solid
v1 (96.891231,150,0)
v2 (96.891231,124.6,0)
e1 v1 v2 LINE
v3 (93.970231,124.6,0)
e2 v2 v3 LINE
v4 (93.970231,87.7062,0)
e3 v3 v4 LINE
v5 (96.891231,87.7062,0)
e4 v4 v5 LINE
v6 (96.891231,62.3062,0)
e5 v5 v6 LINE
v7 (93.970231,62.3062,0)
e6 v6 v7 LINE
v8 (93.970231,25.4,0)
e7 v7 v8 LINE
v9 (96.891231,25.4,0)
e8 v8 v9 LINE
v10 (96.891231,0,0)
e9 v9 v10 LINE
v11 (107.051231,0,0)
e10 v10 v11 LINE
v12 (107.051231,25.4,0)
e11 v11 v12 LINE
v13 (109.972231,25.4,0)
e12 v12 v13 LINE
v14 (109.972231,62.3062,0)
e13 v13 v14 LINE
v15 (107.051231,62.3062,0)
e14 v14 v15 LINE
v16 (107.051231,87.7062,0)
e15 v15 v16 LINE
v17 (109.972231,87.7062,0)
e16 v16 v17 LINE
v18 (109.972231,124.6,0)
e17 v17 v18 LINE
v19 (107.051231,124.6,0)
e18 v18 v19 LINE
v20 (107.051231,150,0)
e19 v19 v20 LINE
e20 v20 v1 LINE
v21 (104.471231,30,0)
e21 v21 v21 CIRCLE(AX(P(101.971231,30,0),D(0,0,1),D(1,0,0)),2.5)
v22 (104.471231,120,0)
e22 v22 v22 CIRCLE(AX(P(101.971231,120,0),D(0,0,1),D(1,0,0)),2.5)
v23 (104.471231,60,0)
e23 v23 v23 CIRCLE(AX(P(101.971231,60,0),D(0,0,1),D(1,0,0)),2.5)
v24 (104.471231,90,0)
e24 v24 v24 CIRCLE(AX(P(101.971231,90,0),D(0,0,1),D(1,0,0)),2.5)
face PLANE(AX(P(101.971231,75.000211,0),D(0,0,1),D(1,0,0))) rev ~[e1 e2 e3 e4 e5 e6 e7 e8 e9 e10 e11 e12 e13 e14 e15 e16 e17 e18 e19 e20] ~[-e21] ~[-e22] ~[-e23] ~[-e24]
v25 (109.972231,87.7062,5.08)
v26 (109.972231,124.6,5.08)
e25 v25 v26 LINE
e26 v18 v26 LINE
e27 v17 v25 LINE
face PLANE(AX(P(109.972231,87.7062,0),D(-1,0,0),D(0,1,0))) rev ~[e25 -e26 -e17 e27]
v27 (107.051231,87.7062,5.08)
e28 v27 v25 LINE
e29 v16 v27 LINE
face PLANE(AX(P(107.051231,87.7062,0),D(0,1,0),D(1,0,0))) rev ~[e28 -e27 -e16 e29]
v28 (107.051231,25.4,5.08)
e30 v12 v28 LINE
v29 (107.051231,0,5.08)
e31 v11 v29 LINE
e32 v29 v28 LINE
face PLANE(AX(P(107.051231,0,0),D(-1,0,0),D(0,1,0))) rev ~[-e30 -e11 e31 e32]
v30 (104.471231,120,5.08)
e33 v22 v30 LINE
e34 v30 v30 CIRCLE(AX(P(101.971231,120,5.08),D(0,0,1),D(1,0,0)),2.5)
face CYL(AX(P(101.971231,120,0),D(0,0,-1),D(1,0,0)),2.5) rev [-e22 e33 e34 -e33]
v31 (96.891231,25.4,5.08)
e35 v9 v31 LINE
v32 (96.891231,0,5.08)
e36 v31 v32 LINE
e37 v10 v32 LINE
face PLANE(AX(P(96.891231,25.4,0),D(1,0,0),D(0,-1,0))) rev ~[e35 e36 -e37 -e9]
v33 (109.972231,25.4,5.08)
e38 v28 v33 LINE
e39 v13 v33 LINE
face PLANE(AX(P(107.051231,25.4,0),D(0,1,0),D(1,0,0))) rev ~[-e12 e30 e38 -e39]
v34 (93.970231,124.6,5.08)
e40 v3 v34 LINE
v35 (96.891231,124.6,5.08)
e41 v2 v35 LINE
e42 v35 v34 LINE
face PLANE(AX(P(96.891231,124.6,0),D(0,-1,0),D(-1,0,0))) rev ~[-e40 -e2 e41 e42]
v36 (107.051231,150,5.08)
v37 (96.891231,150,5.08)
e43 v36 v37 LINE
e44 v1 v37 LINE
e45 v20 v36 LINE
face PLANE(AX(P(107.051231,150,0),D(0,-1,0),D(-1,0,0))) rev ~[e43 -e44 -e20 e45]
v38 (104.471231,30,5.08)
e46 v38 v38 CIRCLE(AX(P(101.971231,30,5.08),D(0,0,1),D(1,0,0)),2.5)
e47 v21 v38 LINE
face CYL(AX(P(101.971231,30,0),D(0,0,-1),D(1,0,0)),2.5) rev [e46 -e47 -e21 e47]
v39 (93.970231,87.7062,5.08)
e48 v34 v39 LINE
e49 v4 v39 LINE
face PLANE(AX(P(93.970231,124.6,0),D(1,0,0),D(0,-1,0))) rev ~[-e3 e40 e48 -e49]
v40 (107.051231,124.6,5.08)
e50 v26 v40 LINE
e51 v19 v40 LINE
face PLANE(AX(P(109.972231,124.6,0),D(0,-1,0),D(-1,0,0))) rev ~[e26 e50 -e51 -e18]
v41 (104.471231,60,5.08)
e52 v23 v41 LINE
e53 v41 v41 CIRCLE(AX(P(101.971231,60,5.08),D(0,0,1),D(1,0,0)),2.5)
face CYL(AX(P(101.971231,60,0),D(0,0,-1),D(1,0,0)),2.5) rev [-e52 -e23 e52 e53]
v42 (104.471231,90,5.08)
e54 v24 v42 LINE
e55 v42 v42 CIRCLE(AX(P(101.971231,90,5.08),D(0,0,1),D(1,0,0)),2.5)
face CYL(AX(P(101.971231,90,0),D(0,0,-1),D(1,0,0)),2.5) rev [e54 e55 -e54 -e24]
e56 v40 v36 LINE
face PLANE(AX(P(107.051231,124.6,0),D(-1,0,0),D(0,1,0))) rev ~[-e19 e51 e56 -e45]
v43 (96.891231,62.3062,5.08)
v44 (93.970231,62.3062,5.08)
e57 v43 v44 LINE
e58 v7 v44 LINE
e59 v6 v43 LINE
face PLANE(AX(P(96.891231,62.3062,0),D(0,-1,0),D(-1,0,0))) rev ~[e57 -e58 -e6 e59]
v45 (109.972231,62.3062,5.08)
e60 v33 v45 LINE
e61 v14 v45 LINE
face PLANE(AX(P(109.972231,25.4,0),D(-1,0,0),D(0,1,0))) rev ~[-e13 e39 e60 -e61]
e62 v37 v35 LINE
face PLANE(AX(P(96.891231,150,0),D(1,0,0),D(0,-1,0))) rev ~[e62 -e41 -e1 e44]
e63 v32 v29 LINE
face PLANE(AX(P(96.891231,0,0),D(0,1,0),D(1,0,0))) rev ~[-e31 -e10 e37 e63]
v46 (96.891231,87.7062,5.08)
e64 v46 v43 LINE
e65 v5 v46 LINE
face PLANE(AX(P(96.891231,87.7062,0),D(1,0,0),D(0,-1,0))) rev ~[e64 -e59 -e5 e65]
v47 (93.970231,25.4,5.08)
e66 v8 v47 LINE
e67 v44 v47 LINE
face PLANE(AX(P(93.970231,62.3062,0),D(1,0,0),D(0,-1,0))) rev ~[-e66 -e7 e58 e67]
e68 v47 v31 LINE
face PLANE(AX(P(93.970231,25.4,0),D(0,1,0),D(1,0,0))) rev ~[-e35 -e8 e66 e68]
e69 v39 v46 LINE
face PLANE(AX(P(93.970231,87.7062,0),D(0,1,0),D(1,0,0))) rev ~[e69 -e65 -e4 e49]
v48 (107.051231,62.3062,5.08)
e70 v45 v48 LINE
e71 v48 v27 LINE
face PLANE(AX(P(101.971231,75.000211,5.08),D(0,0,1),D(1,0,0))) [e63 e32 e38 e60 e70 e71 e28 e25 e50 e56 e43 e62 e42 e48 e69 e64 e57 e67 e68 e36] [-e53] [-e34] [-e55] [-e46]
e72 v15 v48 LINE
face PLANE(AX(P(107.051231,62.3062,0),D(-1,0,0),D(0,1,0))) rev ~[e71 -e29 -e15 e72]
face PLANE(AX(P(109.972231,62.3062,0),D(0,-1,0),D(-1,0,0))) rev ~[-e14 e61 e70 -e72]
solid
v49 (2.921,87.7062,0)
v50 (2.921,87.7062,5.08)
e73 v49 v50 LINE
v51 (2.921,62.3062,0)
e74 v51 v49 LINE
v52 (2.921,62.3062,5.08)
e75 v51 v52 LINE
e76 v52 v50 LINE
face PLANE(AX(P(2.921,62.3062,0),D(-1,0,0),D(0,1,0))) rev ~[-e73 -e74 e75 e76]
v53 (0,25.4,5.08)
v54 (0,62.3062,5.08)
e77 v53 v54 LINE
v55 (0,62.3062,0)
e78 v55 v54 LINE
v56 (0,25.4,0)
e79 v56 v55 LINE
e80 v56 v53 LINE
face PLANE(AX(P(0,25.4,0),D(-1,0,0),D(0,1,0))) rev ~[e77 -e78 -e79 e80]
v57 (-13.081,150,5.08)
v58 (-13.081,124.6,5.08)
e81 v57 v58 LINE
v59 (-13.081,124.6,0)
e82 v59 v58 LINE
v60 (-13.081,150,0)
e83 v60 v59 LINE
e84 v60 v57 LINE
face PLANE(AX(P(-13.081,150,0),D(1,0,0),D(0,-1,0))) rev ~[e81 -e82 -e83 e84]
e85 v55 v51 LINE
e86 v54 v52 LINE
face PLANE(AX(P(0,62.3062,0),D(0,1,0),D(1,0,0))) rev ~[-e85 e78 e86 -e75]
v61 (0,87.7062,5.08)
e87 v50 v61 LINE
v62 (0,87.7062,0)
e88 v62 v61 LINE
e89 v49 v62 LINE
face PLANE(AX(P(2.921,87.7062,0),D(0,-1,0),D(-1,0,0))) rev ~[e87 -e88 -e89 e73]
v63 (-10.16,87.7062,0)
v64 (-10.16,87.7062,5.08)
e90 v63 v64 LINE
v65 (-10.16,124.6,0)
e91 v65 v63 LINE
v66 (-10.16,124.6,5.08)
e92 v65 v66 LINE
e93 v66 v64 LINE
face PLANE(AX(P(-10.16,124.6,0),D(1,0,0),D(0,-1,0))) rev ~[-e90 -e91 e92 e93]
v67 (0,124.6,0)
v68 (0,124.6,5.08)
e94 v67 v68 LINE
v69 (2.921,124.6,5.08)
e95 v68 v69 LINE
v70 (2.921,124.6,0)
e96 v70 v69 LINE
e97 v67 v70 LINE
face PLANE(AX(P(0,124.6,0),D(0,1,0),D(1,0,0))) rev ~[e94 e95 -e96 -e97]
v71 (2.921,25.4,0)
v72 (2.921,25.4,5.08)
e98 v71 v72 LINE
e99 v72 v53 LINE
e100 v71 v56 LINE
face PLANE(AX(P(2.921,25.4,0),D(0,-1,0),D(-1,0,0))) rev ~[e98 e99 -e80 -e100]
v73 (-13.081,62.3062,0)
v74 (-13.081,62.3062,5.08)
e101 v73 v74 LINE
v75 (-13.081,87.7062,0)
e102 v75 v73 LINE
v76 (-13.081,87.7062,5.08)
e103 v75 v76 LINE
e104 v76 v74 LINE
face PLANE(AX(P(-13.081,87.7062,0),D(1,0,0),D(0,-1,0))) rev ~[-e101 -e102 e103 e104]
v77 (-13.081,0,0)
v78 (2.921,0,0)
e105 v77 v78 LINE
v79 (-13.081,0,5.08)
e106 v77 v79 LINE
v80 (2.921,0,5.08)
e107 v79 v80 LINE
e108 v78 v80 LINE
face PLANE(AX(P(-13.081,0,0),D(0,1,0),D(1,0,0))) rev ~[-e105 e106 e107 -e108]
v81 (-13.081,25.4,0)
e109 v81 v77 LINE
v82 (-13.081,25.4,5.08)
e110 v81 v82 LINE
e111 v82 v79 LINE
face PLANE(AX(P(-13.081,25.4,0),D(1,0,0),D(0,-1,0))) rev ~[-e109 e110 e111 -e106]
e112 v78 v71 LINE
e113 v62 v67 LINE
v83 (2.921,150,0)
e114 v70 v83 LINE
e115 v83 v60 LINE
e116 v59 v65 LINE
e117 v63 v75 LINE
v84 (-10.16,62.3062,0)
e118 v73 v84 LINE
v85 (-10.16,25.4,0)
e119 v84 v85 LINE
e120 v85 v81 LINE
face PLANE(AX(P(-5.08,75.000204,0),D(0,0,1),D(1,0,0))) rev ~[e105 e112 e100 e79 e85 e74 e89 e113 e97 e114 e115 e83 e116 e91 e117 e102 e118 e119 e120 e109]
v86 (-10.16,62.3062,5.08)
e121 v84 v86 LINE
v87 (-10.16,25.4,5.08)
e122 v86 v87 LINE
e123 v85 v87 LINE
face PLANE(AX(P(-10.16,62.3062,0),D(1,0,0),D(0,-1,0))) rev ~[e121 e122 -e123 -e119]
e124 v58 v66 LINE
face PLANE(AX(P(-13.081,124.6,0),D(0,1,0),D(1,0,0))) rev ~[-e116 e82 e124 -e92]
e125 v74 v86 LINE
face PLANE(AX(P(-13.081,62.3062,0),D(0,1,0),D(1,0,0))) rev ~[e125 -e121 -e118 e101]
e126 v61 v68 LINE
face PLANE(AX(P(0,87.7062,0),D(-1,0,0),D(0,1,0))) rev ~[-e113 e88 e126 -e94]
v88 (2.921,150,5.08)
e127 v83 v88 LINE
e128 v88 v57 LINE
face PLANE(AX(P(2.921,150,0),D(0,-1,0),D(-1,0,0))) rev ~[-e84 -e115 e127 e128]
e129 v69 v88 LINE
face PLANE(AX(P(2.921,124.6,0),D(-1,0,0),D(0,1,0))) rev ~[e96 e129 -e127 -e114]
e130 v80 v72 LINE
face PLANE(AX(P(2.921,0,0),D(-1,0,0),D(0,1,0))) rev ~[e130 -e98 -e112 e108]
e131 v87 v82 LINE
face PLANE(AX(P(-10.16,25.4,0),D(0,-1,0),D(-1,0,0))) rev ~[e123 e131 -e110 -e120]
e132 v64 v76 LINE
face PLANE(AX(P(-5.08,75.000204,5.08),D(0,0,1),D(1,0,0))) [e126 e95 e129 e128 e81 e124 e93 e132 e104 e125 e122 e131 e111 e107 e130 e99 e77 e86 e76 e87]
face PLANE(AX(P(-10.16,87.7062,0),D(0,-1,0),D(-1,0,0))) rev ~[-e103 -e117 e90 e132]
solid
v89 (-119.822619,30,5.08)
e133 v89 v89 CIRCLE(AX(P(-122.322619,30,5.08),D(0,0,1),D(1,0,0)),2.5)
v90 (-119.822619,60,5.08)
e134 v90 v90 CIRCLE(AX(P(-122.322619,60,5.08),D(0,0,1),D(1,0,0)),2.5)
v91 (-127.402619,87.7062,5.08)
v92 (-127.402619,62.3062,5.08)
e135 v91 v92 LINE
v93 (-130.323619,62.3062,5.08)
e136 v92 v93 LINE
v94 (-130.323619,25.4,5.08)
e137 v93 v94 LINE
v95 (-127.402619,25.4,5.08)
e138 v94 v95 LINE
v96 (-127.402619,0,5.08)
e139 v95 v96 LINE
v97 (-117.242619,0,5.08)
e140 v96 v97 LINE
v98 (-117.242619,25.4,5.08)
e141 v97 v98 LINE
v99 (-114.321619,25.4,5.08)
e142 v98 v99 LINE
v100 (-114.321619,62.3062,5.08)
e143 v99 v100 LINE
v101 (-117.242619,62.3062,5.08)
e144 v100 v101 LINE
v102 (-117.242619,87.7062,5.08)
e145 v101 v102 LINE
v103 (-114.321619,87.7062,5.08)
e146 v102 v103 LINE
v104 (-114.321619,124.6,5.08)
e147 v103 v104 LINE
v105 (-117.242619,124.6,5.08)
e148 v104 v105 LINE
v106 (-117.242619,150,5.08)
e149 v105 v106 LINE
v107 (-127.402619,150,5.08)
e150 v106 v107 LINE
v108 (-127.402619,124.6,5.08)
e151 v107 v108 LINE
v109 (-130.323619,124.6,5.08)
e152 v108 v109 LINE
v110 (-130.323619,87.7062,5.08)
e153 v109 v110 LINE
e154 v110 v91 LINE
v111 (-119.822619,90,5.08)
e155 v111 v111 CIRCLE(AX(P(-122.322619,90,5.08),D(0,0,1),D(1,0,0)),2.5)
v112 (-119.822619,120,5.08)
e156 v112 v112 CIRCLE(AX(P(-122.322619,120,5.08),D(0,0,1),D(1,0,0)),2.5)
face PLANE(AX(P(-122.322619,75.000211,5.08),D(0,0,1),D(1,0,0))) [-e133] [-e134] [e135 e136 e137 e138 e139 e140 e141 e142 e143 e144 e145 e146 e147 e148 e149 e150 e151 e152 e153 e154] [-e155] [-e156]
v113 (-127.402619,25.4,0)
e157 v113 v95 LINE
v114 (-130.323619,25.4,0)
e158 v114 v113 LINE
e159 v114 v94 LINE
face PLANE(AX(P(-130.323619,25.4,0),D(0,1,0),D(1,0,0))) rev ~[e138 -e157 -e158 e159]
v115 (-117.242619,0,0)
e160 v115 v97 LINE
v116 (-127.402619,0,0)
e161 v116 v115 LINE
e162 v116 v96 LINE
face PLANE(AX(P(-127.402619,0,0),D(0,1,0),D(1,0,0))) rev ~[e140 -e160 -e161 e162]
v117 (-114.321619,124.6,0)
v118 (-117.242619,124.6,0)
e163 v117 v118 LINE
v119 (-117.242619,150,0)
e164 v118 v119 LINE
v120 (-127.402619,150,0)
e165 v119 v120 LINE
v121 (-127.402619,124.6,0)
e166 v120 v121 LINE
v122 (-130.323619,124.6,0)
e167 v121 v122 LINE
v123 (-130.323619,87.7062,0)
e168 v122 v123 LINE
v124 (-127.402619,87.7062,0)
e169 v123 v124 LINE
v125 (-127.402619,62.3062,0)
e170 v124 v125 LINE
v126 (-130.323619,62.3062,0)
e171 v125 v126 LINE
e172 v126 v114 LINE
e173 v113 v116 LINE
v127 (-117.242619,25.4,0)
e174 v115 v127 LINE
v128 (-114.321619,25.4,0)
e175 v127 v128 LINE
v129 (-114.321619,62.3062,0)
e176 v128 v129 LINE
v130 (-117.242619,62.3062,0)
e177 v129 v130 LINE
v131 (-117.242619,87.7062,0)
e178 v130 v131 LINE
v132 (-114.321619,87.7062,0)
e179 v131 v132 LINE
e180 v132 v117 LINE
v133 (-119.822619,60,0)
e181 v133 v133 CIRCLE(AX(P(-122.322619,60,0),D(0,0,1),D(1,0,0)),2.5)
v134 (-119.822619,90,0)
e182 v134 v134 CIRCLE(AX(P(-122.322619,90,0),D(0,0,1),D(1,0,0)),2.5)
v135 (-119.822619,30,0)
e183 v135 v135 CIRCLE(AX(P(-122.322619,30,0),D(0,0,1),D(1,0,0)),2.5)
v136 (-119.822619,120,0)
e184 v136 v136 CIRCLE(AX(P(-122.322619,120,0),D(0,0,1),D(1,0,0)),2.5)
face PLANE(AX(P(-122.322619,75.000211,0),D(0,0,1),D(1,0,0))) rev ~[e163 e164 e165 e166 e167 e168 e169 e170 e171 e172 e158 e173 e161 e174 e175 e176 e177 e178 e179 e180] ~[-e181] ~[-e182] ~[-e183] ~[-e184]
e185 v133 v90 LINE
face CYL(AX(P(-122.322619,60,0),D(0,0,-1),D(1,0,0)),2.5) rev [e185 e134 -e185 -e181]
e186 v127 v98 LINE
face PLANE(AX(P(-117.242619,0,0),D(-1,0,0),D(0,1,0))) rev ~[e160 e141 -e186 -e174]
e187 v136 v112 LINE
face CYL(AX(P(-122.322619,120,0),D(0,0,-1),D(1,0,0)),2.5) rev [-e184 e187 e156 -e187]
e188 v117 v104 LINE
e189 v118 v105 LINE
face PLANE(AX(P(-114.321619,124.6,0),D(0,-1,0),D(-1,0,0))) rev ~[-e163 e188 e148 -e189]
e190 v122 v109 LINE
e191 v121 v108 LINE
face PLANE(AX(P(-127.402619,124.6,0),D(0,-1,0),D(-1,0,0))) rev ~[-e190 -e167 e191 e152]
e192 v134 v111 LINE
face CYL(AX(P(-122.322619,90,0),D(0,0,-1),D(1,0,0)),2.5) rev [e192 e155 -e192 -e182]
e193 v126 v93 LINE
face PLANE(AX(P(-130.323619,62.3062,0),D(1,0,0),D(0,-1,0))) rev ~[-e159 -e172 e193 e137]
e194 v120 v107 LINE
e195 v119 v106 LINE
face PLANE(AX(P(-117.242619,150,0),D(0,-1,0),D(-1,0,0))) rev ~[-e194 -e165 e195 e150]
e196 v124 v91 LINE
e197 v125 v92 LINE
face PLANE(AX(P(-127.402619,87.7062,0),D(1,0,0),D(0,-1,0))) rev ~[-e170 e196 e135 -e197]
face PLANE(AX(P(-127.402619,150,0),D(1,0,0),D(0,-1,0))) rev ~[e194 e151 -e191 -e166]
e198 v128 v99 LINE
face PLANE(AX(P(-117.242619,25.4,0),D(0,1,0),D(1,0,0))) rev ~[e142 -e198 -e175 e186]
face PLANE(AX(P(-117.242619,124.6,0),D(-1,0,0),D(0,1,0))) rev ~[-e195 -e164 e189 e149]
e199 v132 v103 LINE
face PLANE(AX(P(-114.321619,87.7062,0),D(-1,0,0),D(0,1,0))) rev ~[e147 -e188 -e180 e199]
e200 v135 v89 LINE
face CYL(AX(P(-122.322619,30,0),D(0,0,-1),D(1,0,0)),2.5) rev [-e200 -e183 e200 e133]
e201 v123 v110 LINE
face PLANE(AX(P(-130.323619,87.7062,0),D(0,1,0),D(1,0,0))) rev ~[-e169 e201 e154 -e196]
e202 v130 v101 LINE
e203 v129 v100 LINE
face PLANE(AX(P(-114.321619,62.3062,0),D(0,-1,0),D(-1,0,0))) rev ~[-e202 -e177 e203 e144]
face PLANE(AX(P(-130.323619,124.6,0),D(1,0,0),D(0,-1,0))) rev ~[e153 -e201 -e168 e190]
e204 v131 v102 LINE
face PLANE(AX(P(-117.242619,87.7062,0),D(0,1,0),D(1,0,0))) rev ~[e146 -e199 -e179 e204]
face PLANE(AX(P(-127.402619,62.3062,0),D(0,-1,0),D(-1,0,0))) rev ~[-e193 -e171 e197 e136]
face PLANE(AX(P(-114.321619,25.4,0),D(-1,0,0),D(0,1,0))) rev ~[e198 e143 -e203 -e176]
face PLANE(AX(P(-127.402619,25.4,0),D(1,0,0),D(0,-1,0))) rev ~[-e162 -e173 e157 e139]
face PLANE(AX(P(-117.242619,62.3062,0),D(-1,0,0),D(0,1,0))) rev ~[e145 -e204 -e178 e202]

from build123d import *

# Parameters (mm, degrees)
F0_R     = 2.5
F1_DEPTH = 5.08


with BuildPart() as f1:
    # F0 (on Top) → F1 (new body)
    with BuildSketch(Plane.XY):
        Polygon((-127.402619, 25.4), (-127.402619, 0), (-117.242619, 0), (-117.242619, 25.4), (-114.321619, 25.4), (-114.321619, 62.3062), (-117.242619, 62.3062), (-117.242619, 87.7062), (-114.321619, 87.7062), (-114.321619, 124.6), (-117.242619, 124.6), (-117.242619, 150), (-127.402619, 150), (-127.402619, 124.6), (-130.323619, 124.6), (-130.323619, 87.7062), (-127.402619, 87.7062), (-127.402619, 62.3062), (-130.323619, 62.3062), (-130.323619, 25.4), align=None)
        with Locations((-122.322619, 30)):
            Circle(F0_R, mode=Mode.SUBTRACT)
        with Locations((-122.322619, 60)):
            Circle(F0_R, mode=Mode.SUBTRACT)
        with Locations((-122.322619, 90)):
            Circle(F0_R, mode=Mode.SUBTRACT)
        with Locations((-122.322619, 120)):
            Circle(F0_R, mode=Mode.SUBTRACT)
        Polygon((0, 87.7062), (0, 124.6), (2.921, 124.6), (2.921, 150), (0, 150), (-10.16, 150), (-13.081, 150), (-13.081, 124.6), (-10.16, 124.6), (-10.16, 87.7062), (-13.081, 87.7062), (-13.081, 62.3062), (-10.16, 62.3062), (-10.16, 25.4), (-13.081, 25.4), (-13.081, 0), (-10.16, 0), (0, 0), (2.921, 0), (2.921, 25.4), (0, 25.4), (0, 62.3062), (2.921, 62.3062), (2.921, 87.7062), align=None)
        Polygon((96.891231, 25.4), (96.891231, 0), (107.051231, 0), (107.051231, 25.4), (109.972231, 25.4), (109.972231, 62.3062), (107.051231, 62.3062), (107.051231, 87.7062), (109.972231, 87.7062), (109.972231, 124.6), (107.051231, 124.6), (107.051231, 150), (96.891231, 150), (96.891231, 124.6), (93.970231, 124.6), (93.970231, 87.7062), (96.891231, 87.7062), (96.891231, 62.3062), (93.970231, 62.3062), (93.970231, 25.4), align=None)
        with Locations((101.971231, 30)):
            Circle(F0_R, mode=Mode.SUBTRACT)
        with Locations((101.971231, 60)):
            Circle(F0_R, mode=Mode.SUBTRACT)
        with Locations((101.971231, 90)):
            Circle(F0_R, mode=Mode.SUBTRACT)
        with Locations((101.971231, 120)):
            Circle(F0_R, mode=Mode.SUBTRACT)
    extrude(amount=F1_DEPTH)


solid = f1.part
